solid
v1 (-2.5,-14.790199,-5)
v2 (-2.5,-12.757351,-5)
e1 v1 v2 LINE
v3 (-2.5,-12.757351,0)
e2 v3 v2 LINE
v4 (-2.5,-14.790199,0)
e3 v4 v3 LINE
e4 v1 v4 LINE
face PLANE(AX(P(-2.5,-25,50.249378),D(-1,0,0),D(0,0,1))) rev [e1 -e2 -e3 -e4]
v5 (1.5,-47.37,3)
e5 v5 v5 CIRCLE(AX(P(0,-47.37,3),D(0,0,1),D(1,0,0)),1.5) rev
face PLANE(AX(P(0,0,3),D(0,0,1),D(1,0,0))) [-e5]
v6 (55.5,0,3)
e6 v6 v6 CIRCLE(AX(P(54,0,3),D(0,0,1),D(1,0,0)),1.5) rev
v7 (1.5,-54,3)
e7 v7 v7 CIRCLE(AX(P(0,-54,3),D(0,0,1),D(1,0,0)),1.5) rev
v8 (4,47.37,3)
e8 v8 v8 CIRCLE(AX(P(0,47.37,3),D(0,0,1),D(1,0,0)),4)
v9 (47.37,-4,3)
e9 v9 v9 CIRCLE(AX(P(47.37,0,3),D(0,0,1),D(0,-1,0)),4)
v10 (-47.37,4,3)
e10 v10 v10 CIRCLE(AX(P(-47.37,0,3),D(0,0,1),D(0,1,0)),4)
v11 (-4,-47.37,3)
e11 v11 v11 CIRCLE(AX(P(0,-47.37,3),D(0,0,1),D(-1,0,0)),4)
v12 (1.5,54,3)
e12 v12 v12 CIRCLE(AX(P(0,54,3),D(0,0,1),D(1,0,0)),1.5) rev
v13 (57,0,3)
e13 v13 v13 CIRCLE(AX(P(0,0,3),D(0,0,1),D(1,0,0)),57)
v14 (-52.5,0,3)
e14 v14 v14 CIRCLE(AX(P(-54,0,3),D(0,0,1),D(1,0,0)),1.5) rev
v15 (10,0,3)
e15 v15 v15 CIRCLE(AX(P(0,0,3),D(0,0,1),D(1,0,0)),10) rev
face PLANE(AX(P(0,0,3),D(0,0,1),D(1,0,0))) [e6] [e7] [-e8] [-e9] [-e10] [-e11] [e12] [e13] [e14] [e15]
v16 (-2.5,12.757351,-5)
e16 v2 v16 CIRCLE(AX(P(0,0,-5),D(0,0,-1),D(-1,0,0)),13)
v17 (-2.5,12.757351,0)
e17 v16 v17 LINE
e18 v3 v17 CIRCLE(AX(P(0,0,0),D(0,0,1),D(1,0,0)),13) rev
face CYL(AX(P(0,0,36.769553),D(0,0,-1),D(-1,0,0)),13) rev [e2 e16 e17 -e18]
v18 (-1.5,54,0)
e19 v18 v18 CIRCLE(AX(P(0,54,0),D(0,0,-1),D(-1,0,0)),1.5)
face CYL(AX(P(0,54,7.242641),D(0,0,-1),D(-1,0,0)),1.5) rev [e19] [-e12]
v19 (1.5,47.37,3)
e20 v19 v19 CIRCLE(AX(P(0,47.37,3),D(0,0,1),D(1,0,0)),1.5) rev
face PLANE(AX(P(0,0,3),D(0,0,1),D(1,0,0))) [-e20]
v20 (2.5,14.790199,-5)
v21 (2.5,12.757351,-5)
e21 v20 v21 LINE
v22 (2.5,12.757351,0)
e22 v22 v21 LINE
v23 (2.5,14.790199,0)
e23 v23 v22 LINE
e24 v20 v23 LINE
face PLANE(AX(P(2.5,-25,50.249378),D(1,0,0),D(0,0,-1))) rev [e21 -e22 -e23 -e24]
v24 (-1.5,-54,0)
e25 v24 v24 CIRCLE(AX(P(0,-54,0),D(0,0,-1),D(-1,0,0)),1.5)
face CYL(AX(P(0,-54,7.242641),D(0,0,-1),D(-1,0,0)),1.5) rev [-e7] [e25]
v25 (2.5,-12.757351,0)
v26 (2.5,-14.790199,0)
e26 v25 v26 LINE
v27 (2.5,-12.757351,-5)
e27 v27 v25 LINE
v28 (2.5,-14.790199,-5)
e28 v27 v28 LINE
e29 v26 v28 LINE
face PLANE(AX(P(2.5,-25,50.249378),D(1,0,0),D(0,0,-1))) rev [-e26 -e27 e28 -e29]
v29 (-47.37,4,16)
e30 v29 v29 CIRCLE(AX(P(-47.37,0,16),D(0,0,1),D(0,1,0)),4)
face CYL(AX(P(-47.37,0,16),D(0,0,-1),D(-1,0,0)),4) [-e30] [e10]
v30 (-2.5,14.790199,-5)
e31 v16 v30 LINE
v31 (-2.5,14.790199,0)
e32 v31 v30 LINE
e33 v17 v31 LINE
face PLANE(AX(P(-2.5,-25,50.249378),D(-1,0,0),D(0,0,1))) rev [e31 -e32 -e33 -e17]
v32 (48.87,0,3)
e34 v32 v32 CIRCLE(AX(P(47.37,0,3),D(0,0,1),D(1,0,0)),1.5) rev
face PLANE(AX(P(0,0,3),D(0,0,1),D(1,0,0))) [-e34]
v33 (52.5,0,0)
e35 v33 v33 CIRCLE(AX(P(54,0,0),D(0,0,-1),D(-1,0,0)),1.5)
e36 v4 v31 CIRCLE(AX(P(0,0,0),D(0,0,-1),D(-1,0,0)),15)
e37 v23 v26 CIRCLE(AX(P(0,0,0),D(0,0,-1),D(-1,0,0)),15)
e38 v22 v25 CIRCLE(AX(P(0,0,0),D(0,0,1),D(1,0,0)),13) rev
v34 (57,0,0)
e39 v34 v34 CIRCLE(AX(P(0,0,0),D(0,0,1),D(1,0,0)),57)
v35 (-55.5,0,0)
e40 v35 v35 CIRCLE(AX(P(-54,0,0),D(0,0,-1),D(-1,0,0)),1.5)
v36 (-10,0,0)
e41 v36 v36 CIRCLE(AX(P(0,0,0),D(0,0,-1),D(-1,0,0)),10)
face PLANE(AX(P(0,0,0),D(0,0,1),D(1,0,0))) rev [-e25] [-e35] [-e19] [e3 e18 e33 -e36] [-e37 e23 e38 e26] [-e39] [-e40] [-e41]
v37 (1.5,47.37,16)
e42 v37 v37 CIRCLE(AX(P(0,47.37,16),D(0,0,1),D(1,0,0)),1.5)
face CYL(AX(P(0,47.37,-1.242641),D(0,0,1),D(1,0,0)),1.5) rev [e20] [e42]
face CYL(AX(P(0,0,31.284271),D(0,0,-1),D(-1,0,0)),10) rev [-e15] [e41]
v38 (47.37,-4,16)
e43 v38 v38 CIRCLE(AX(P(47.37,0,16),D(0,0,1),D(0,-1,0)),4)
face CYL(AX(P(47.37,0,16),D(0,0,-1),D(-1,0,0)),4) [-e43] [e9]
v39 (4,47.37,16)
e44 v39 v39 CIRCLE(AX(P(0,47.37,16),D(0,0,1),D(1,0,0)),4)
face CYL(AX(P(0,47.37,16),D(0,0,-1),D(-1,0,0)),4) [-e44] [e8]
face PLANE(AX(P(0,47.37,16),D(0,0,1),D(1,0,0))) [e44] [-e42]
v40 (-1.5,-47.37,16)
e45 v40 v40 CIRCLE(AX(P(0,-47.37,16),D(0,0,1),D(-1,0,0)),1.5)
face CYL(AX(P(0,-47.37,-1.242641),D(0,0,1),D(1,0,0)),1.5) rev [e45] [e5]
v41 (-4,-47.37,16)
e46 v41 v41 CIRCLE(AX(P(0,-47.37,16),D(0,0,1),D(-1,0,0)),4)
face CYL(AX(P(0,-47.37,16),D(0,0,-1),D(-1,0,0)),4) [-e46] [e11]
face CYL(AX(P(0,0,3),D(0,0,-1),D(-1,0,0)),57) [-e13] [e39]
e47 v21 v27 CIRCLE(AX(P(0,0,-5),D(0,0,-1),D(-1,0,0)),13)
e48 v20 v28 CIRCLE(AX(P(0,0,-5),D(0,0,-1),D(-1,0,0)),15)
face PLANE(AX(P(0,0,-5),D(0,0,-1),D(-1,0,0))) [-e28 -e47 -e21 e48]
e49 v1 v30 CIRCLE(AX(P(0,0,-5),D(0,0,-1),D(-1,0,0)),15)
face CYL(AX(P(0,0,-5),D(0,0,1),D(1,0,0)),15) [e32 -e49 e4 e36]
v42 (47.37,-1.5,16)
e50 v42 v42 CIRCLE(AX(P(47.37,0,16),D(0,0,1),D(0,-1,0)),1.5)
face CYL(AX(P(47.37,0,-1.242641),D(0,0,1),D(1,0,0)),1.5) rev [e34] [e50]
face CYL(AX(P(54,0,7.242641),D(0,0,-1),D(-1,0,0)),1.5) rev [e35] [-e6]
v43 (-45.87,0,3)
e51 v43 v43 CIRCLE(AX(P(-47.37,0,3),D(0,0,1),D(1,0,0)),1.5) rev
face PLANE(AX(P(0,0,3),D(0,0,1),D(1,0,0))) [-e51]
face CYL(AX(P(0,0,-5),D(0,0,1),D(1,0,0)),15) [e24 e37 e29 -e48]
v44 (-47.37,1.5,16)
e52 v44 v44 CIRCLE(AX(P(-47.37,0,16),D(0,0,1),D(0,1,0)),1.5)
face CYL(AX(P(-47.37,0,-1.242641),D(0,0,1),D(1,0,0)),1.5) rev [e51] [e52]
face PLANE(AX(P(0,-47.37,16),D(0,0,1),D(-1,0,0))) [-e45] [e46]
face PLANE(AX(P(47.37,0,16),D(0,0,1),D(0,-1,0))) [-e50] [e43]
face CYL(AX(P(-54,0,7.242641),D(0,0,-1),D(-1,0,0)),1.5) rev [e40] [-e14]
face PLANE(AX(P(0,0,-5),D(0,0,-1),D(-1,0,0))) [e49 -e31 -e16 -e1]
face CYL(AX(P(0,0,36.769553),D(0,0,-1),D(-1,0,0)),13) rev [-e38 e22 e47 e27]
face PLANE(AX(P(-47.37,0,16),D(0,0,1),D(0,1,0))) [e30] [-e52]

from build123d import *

# Parameters (mm, degrees)
SKETCH1_R           = 57
BOSS_EXTRUDE1_DEPTH = 3
SKETCH2_R           = 15
BOSS_EXTRUDE2_DEPTH = 5
SKETCH3_R           = 13
CUT_EXTRUDE1_DEPTH  = 5
SKETCH4_R           = 10
CUT_EXTRUDE2_DEPTH  = 3
SKETCH6_W           = 5
SKETCH6_H           = 50
CUT_EXTRUDE4_DEPTH  = 5
SKETCH8_R           = 1.5
CUT_EXTRUDE5_DEPTH  = 3
SKETCH9_R           = 4
BOSS_EXTRUDE4_DEPTH = 13
SKETCH11_R          = 1.5
CUT_EXTRUDE6_DEPTH  = 13
CIRPATTERN1_COUNT   = 4


with BuildPart() as part:
    # Sketch1 → Boss-Extrude1 (new body)
    with BuildSketch(Plane.XY):
        Circle(SKETCH1_R)
    extrude(amount=BOSS_EXTRUDE1_DEPTH)

    # Sketch2 → Boss-Extrude2 (add)
    with BuildSketch(Plane(origin=(0, 0, 0), x_dir=(-1, 0, 0), z_dir=(0, 0, -1))):
        Circle(SKETCH2_R)
    extrude(amount=BOSS_EXTRUDE2_DEPTH)

    # Sketch3 → Cut-Extrude1 (cut)
    with BuildSketch(Plane(origin=(0, 0, -5), x_dir=(-1, 0, 0), z_dir=(0, 0, -1))):
        Circle(SKETCH3_R)
    extrude(amount=-CUT_EXTRUDE1_DEPTH, mode=Mode.SUBTRACT)

    # Sketch4 → Cut-Extrude2 (cut)
    with BuildSketch(Plane(origin=(0, 0, 0), x_dir=(-1, 0, 0), z_dir=(0, 0, -1))):
        Circle(SKETCH4_R)
    extrude(amount=-CUT_EXTRUDE2_DEPTH, mode=Mode.SUBTRACT)

    # Sketch6 → Cut-Extrude4 (cut)
    with BuildSketch(Plane(origin=(0, 0, -5), x_dir=(-1, 0, 0), z_dir=(0, 0, -1))):
        Rectangle(SKETCH6_W, SKETCH6_H)
    extrude(amount=-CUT_EXTRUDE4_DEPTH, mode=Mode.SUBTRACT)

    # Sketch8 → Cut-Extrude5 (cut)
    with BuildSketch(Plane(origin=(0, 0, 0), x_dir=(-1, 0, 0), z_dir=(0, 0, -1))):
        with Locations((0, 54)):
            Circle(SKETCH8_R)
        with Locations((54, 0)):
            Circle(SKETCH8_R)
        with Locations((0, -54)):
            Circle(SKETCH8_R)
        with Locations((-54, 0)):
            Circle(SKETCH8_R)
    extrude(amount=-CUT_EXTRUDE5_DEPTH, mode=Mode.SUBTRACT)

    # Sketch9 → Boss-Extrude4 (add)
    with BuildSketch(Plane.XY.offset(3)):
        with Locations((0, 47.37)):
            Circle(SKETCH9_R)
    boss_extrude4 = extrude(amount=BOSS_EXTRUDE4_DEPTH)

    # Sketch11 → Cut-Extrude6 (cut)
    with BuildSketch(Plane.XY.offset(16)):
        with Locations((0, 47.37)):
            Circle(SKETCH11_R)
    cut_extrude6 = extrude(amount=-CUT_EXTRUDE6_DEPTH, mode=Mode.SUBTRACT)

    # CirPattern1: Boss-Extrude4, Cut-Extrude6 ×4 about axis
    cirpattern1_axis = Axis((0, 0, 0), (0, 0, 1))
    for i in range(1, CIRPATTERN1_COUNT):
        add(boss_extrude4.rotate(cirpattern1_axis, i * 360 / CIRPATTERN1_COUNT))
        add(cut_extrude6.rotate(cirpattern1_axis, i * 360 / CIRPATTERN1_COUNT), mode=Mode.SUBTRACT)


solid = part.part
